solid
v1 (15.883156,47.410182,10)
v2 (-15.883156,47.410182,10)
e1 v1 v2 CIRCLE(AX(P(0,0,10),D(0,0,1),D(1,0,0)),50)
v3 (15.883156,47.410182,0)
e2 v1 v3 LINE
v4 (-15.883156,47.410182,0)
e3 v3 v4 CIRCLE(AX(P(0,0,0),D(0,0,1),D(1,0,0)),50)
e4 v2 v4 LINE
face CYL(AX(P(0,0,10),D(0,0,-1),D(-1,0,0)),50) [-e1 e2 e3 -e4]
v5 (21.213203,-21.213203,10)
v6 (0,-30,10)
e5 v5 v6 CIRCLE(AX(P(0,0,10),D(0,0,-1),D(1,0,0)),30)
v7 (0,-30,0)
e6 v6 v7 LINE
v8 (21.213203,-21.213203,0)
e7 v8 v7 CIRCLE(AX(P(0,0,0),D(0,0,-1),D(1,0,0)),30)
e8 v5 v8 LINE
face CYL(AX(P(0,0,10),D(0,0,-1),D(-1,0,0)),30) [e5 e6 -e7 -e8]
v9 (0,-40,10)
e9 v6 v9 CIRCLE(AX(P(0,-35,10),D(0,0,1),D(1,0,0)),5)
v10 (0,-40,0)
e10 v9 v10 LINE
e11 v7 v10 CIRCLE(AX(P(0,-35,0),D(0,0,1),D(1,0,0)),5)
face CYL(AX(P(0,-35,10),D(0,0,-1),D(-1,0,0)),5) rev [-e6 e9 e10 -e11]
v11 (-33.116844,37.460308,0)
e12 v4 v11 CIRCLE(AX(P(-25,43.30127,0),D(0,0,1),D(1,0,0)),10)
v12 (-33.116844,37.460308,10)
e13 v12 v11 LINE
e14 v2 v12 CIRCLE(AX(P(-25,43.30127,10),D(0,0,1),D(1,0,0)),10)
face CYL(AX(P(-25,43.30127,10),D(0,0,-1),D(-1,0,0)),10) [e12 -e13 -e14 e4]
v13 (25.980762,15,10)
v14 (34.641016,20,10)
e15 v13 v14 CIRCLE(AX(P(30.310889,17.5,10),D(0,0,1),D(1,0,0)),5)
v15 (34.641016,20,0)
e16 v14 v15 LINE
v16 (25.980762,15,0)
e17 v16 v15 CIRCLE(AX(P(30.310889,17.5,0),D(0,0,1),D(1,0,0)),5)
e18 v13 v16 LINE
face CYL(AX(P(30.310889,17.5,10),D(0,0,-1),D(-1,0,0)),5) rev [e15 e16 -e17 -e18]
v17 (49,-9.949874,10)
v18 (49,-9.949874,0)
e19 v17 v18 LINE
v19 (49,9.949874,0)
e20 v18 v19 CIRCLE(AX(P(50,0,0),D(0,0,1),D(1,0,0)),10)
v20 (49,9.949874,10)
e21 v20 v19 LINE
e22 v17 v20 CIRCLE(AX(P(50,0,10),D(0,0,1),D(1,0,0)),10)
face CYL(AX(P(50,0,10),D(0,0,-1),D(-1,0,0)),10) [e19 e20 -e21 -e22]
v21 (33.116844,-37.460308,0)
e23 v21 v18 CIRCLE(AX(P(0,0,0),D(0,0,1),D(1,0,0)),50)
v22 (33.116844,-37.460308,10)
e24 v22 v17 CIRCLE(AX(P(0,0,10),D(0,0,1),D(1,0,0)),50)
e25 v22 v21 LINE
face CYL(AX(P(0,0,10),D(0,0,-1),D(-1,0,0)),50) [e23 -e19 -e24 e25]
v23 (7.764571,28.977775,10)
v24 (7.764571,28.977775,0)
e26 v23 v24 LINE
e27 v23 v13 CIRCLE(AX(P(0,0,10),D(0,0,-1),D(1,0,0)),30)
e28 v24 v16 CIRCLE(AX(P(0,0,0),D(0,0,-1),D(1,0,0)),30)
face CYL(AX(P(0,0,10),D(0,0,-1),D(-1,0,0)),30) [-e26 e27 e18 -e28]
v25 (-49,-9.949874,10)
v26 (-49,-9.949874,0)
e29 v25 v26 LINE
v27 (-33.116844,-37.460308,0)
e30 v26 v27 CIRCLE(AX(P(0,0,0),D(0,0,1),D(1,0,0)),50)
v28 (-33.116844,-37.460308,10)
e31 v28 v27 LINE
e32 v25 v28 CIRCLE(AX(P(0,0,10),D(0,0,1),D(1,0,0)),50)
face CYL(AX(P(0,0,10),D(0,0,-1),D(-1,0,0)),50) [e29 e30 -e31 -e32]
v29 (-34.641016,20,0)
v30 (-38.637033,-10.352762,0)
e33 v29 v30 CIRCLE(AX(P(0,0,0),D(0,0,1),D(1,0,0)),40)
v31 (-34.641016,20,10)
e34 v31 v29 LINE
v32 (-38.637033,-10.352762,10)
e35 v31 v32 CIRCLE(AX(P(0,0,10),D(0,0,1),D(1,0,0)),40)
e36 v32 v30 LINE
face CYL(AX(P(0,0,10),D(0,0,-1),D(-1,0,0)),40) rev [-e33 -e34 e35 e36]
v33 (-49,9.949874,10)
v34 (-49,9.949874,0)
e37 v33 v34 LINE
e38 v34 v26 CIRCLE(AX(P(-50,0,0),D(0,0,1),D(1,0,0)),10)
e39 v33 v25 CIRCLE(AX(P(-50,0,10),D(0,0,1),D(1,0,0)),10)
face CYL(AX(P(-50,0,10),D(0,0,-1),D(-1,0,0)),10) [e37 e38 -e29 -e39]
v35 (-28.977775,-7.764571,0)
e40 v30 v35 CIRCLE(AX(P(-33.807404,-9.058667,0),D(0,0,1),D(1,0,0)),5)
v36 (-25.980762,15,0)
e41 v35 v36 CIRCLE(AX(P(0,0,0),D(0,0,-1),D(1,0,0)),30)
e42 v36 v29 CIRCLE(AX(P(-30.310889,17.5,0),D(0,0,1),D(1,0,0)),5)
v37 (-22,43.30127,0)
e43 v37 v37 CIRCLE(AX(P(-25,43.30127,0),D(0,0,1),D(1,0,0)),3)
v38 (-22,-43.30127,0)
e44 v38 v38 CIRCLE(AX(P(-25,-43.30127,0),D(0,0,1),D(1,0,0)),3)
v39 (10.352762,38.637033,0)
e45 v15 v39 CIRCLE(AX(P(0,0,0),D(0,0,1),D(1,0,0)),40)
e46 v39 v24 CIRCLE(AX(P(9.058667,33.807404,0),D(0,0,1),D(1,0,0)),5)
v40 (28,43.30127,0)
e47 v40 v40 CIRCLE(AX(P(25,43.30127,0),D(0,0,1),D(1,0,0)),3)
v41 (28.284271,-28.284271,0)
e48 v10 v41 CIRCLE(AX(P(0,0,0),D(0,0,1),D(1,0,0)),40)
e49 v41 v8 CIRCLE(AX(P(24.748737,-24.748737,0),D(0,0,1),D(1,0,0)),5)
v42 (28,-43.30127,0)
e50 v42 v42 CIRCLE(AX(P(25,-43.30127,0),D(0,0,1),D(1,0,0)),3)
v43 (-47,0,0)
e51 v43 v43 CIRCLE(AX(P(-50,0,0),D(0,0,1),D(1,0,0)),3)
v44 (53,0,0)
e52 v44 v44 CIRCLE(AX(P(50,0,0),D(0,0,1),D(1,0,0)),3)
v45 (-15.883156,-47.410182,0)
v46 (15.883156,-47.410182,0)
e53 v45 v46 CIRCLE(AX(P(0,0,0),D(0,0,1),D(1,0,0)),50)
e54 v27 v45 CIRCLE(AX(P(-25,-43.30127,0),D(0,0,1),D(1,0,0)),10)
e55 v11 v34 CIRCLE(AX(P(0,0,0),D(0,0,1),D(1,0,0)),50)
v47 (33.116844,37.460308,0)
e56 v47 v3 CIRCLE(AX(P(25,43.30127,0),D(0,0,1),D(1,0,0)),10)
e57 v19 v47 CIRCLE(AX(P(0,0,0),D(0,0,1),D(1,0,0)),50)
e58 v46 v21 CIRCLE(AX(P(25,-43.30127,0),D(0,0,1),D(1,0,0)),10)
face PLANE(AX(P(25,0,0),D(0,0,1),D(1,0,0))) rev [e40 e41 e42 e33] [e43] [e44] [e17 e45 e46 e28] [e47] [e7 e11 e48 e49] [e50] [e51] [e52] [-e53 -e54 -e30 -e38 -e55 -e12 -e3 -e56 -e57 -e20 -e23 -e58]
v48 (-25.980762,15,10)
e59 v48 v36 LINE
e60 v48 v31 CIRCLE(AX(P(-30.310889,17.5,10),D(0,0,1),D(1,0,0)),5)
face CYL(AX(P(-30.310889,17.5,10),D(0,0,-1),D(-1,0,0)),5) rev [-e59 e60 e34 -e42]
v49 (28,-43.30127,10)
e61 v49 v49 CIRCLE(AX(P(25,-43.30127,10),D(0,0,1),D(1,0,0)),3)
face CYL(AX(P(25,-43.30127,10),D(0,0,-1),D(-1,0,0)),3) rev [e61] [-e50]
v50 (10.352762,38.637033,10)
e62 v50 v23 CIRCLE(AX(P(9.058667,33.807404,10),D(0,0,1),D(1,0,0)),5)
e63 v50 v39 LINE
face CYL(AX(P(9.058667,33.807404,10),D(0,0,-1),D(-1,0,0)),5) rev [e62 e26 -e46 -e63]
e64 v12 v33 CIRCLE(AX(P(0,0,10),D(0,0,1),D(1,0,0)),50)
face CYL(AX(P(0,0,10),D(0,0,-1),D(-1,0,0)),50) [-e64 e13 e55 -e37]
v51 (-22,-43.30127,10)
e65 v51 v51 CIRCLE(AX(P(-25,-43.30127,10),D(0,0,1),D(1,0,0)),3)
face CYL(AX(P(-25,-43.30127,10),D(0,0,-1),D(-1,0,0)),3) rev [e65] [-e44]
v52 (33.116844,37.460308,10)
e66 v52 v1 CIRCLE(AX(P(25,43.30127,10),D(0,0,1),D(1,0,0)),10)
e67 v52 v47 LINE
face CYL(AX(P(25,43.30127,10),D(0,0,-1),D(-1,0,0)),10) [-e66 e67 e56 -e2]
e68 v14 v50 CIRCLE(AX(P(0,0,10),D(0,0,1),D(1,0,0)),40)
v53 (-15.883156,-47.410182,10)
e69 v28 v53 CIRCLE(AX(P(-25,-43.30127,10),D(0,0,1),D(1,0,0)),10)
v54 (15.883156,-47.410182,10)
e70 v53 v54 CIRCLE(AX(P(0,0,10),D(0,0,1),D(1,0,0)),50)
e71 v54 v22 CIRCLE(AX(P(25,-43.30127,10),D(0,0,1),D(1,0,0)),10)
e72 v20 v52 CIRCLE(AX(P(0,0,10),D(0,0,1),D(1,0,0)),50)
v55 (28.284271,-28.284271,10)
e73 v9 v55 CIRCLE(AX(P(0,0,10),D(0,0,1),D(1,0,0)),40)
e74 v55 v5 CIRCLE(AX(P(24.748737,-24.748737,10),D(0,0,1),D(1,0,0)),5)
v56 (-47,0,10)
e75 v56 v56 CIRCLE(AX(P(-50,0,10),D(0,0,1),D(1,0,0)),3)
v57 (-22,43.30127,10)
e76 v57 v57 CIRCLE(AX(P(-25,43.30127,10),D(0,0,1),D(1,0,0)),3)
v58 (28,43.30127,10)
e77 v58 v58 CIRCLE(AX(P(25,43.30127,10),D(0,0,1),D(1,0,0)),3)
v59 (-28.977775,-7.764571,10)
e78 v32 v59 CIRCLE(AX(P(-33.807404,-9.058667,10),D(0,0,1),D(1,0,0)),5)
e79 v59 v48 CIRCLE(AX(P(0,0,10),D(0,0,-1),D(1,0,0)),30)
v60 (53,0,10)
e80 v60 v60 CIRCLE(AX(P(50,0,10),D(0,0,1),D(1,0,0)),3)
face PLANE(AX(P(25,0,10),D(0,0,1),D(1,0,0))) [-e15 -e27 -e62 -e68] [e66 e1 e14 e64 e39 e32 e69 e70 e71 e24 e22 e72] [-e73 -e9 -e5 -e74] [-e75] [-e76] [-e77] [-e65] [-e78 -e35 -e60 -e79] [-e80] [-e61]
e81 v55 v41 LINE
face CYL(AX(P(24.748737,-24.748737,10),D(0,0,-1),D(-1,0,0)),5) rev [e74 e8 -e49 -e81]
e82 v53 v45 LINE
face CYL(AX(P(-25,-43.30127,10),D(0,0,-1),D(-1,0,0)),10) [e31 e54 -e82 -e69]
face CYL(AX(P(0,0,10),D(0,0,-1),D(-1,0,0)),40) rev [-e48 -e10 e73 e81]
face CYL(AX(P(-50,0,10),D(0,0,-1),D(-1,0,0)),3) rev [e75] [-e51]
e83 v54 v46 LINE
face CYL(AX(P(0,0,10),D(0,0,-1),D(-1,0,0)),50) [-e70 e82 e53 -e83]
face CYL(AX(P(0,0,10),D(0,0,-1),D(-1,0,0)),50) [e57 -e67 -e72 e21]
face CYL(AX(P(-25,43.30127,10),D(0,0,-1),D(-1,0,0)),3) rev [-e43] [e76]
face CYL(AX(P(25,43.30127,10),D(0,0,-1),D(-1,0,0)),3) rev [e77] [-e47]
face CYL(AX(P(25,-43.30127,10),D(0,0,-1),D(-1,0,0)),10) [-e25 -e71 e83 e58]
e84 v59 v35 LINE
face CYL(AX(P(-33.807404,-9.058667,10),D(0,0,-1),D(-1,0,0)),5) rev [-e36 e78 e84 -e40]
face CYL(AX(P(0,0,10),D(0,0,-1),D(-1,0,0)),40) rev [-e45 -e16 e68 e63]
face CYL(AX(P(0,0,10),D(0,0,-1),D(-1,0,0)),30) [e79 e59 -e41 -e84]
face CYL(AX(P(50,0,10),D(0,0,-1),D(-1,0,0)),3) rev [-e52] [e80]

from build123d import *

# Parameters (mm, degrees)
SKETCH1_R           = 3
BOSS_EXTRUDE1_DEPTH = 10


with BuildPart() as part:
    # Sketch1 → Boss-Extrude1 (new body)
    with BuildSketch(Plane.XY):
        with BuildLine():
            ThreePointArc((49, 9.949874371), (43.301270189, 25), (33.11684397, 37.4603076))
            ThreePointArc((33.11684397, 37.4603076), (30, 51.961524227), (15.88315603, 47.410181971))
            ThreePointArc((15.88315603, 47.410181971), (0, 50), (-15.88315603, 47.410181971))
            ThreePointArc((-15.88315603, 47.410181971), (-30, 51.961524227), (-33.11684397, 37.4603076))
            ThreePointArc((-33.11684397, 37.4603076), (-43.301270189, 25), (-49, 9.949874371))
            ThreePointArc((-49, 9.949874371), (-60, 0), (-49, -9.949874371))
            ThreePointArc((-49, -9.949874371), (-43.301270189, -25), (-33.11684397, -37.4603076))
            ThreePointArc((-33.11684397, -37.4603076), (-30, -51.961524227), (-15.88315603, -47.410181971))
            ThreePointArc((-15.88315603, -47.410181971), (0, -50), (15.88315603, -47.410181971))
            ThreePointArc((15.88315603, -47.410181971), (30, -51.961524227), (33.11684397, -37.4603076))
            ThreePointArc((33.11684397, -37.4603076), (43.301270189, -25), (49, -9.949874371))
            ThreePointArc((49, -9.949874371), (60, 0), (49, 9.949874371))
        make_face()
        with Locations((50, 0)):
            Circle(SKETCH1_R, mode=Mode.SUBTRACT)
        with Locations((25, -43.301270189)):
            Circle(SKETCH1_R, mode=Mode.SUBTRACT)
        with Locations((-25, -43.301270189)):
            Circle(SKETCH1_R, mode=Mode.SUBTRACT)
        with Locations((-50, 0)):
            Circle(SKETCH1_R, mode=Mode.SUBTRACT)
        with Locations((-25, 43.301270189)):
            Circle(SKETCH1_R, mode=Mode.SUBTRACT)
        with Locations((25, 43.301270189)):
            Circle(SKETCH1_R, mode=Mode.SUBTRACT)
        with BuildLine():
            ThreePointArc((34.641016151, 20), (24.35045716, 31.734133612), (10.352761804, 38.637033052))
            ThreePointArc((10.352761804, 38.637033052), (4.229037447, 35.101499146), (7.764571353, 28.977774789))
            ThreePointArc((7.764571353, 28.977774789), (18.26284287, 23.800600209), (25.980762114, 15))
            ThreePointArc((25.980762114, 15), (32.810889132, 13.169872981), (34.641016151, 20))
        make_face(mode=Mode.SUBTRACT)
        with BuildLine():
            ThreePointArc((0, -40), (15.307337295, -36.9551813), (28.284271247, -28.284271247))
            ThreePointArc((28.284271247, -28.284271247), (28.284271247, -21.213203436), (21.213203436, -21.213203436))
            ThreePointArc((21.213203436, -21.213203436), (11.480502971, -27.716385975), (0, -30))
            ThreePointArc((0, -30), (-5, -35), (0, -40))
        make_face(mode=Mode.SUBTRACT)
        with BuildLine():
            ThreePointArc((-34.641016151, 20), (-39.657794455, 5.221047689), (-38.637033052, -10.352761804))
            ThreePointArc((-38.637033052, -10.352761804), (-32.513308695, -13.88829571), (-28.977774789, -7.764571353))
            ThreePointArc((-28.977774789, -7.764571353), (-29.743345841, 3.915785767), (-25.980762114, 15))
            ThreePointArc((-25.980762114, 15), (-27.810889132, 21.830127019), (-34.641016151, 20))
        make_face(mode=Mode.SUBTRACT)
    extrude(amount=BOSS_EXTRUDE1_DEPTH)


solid = part.part
